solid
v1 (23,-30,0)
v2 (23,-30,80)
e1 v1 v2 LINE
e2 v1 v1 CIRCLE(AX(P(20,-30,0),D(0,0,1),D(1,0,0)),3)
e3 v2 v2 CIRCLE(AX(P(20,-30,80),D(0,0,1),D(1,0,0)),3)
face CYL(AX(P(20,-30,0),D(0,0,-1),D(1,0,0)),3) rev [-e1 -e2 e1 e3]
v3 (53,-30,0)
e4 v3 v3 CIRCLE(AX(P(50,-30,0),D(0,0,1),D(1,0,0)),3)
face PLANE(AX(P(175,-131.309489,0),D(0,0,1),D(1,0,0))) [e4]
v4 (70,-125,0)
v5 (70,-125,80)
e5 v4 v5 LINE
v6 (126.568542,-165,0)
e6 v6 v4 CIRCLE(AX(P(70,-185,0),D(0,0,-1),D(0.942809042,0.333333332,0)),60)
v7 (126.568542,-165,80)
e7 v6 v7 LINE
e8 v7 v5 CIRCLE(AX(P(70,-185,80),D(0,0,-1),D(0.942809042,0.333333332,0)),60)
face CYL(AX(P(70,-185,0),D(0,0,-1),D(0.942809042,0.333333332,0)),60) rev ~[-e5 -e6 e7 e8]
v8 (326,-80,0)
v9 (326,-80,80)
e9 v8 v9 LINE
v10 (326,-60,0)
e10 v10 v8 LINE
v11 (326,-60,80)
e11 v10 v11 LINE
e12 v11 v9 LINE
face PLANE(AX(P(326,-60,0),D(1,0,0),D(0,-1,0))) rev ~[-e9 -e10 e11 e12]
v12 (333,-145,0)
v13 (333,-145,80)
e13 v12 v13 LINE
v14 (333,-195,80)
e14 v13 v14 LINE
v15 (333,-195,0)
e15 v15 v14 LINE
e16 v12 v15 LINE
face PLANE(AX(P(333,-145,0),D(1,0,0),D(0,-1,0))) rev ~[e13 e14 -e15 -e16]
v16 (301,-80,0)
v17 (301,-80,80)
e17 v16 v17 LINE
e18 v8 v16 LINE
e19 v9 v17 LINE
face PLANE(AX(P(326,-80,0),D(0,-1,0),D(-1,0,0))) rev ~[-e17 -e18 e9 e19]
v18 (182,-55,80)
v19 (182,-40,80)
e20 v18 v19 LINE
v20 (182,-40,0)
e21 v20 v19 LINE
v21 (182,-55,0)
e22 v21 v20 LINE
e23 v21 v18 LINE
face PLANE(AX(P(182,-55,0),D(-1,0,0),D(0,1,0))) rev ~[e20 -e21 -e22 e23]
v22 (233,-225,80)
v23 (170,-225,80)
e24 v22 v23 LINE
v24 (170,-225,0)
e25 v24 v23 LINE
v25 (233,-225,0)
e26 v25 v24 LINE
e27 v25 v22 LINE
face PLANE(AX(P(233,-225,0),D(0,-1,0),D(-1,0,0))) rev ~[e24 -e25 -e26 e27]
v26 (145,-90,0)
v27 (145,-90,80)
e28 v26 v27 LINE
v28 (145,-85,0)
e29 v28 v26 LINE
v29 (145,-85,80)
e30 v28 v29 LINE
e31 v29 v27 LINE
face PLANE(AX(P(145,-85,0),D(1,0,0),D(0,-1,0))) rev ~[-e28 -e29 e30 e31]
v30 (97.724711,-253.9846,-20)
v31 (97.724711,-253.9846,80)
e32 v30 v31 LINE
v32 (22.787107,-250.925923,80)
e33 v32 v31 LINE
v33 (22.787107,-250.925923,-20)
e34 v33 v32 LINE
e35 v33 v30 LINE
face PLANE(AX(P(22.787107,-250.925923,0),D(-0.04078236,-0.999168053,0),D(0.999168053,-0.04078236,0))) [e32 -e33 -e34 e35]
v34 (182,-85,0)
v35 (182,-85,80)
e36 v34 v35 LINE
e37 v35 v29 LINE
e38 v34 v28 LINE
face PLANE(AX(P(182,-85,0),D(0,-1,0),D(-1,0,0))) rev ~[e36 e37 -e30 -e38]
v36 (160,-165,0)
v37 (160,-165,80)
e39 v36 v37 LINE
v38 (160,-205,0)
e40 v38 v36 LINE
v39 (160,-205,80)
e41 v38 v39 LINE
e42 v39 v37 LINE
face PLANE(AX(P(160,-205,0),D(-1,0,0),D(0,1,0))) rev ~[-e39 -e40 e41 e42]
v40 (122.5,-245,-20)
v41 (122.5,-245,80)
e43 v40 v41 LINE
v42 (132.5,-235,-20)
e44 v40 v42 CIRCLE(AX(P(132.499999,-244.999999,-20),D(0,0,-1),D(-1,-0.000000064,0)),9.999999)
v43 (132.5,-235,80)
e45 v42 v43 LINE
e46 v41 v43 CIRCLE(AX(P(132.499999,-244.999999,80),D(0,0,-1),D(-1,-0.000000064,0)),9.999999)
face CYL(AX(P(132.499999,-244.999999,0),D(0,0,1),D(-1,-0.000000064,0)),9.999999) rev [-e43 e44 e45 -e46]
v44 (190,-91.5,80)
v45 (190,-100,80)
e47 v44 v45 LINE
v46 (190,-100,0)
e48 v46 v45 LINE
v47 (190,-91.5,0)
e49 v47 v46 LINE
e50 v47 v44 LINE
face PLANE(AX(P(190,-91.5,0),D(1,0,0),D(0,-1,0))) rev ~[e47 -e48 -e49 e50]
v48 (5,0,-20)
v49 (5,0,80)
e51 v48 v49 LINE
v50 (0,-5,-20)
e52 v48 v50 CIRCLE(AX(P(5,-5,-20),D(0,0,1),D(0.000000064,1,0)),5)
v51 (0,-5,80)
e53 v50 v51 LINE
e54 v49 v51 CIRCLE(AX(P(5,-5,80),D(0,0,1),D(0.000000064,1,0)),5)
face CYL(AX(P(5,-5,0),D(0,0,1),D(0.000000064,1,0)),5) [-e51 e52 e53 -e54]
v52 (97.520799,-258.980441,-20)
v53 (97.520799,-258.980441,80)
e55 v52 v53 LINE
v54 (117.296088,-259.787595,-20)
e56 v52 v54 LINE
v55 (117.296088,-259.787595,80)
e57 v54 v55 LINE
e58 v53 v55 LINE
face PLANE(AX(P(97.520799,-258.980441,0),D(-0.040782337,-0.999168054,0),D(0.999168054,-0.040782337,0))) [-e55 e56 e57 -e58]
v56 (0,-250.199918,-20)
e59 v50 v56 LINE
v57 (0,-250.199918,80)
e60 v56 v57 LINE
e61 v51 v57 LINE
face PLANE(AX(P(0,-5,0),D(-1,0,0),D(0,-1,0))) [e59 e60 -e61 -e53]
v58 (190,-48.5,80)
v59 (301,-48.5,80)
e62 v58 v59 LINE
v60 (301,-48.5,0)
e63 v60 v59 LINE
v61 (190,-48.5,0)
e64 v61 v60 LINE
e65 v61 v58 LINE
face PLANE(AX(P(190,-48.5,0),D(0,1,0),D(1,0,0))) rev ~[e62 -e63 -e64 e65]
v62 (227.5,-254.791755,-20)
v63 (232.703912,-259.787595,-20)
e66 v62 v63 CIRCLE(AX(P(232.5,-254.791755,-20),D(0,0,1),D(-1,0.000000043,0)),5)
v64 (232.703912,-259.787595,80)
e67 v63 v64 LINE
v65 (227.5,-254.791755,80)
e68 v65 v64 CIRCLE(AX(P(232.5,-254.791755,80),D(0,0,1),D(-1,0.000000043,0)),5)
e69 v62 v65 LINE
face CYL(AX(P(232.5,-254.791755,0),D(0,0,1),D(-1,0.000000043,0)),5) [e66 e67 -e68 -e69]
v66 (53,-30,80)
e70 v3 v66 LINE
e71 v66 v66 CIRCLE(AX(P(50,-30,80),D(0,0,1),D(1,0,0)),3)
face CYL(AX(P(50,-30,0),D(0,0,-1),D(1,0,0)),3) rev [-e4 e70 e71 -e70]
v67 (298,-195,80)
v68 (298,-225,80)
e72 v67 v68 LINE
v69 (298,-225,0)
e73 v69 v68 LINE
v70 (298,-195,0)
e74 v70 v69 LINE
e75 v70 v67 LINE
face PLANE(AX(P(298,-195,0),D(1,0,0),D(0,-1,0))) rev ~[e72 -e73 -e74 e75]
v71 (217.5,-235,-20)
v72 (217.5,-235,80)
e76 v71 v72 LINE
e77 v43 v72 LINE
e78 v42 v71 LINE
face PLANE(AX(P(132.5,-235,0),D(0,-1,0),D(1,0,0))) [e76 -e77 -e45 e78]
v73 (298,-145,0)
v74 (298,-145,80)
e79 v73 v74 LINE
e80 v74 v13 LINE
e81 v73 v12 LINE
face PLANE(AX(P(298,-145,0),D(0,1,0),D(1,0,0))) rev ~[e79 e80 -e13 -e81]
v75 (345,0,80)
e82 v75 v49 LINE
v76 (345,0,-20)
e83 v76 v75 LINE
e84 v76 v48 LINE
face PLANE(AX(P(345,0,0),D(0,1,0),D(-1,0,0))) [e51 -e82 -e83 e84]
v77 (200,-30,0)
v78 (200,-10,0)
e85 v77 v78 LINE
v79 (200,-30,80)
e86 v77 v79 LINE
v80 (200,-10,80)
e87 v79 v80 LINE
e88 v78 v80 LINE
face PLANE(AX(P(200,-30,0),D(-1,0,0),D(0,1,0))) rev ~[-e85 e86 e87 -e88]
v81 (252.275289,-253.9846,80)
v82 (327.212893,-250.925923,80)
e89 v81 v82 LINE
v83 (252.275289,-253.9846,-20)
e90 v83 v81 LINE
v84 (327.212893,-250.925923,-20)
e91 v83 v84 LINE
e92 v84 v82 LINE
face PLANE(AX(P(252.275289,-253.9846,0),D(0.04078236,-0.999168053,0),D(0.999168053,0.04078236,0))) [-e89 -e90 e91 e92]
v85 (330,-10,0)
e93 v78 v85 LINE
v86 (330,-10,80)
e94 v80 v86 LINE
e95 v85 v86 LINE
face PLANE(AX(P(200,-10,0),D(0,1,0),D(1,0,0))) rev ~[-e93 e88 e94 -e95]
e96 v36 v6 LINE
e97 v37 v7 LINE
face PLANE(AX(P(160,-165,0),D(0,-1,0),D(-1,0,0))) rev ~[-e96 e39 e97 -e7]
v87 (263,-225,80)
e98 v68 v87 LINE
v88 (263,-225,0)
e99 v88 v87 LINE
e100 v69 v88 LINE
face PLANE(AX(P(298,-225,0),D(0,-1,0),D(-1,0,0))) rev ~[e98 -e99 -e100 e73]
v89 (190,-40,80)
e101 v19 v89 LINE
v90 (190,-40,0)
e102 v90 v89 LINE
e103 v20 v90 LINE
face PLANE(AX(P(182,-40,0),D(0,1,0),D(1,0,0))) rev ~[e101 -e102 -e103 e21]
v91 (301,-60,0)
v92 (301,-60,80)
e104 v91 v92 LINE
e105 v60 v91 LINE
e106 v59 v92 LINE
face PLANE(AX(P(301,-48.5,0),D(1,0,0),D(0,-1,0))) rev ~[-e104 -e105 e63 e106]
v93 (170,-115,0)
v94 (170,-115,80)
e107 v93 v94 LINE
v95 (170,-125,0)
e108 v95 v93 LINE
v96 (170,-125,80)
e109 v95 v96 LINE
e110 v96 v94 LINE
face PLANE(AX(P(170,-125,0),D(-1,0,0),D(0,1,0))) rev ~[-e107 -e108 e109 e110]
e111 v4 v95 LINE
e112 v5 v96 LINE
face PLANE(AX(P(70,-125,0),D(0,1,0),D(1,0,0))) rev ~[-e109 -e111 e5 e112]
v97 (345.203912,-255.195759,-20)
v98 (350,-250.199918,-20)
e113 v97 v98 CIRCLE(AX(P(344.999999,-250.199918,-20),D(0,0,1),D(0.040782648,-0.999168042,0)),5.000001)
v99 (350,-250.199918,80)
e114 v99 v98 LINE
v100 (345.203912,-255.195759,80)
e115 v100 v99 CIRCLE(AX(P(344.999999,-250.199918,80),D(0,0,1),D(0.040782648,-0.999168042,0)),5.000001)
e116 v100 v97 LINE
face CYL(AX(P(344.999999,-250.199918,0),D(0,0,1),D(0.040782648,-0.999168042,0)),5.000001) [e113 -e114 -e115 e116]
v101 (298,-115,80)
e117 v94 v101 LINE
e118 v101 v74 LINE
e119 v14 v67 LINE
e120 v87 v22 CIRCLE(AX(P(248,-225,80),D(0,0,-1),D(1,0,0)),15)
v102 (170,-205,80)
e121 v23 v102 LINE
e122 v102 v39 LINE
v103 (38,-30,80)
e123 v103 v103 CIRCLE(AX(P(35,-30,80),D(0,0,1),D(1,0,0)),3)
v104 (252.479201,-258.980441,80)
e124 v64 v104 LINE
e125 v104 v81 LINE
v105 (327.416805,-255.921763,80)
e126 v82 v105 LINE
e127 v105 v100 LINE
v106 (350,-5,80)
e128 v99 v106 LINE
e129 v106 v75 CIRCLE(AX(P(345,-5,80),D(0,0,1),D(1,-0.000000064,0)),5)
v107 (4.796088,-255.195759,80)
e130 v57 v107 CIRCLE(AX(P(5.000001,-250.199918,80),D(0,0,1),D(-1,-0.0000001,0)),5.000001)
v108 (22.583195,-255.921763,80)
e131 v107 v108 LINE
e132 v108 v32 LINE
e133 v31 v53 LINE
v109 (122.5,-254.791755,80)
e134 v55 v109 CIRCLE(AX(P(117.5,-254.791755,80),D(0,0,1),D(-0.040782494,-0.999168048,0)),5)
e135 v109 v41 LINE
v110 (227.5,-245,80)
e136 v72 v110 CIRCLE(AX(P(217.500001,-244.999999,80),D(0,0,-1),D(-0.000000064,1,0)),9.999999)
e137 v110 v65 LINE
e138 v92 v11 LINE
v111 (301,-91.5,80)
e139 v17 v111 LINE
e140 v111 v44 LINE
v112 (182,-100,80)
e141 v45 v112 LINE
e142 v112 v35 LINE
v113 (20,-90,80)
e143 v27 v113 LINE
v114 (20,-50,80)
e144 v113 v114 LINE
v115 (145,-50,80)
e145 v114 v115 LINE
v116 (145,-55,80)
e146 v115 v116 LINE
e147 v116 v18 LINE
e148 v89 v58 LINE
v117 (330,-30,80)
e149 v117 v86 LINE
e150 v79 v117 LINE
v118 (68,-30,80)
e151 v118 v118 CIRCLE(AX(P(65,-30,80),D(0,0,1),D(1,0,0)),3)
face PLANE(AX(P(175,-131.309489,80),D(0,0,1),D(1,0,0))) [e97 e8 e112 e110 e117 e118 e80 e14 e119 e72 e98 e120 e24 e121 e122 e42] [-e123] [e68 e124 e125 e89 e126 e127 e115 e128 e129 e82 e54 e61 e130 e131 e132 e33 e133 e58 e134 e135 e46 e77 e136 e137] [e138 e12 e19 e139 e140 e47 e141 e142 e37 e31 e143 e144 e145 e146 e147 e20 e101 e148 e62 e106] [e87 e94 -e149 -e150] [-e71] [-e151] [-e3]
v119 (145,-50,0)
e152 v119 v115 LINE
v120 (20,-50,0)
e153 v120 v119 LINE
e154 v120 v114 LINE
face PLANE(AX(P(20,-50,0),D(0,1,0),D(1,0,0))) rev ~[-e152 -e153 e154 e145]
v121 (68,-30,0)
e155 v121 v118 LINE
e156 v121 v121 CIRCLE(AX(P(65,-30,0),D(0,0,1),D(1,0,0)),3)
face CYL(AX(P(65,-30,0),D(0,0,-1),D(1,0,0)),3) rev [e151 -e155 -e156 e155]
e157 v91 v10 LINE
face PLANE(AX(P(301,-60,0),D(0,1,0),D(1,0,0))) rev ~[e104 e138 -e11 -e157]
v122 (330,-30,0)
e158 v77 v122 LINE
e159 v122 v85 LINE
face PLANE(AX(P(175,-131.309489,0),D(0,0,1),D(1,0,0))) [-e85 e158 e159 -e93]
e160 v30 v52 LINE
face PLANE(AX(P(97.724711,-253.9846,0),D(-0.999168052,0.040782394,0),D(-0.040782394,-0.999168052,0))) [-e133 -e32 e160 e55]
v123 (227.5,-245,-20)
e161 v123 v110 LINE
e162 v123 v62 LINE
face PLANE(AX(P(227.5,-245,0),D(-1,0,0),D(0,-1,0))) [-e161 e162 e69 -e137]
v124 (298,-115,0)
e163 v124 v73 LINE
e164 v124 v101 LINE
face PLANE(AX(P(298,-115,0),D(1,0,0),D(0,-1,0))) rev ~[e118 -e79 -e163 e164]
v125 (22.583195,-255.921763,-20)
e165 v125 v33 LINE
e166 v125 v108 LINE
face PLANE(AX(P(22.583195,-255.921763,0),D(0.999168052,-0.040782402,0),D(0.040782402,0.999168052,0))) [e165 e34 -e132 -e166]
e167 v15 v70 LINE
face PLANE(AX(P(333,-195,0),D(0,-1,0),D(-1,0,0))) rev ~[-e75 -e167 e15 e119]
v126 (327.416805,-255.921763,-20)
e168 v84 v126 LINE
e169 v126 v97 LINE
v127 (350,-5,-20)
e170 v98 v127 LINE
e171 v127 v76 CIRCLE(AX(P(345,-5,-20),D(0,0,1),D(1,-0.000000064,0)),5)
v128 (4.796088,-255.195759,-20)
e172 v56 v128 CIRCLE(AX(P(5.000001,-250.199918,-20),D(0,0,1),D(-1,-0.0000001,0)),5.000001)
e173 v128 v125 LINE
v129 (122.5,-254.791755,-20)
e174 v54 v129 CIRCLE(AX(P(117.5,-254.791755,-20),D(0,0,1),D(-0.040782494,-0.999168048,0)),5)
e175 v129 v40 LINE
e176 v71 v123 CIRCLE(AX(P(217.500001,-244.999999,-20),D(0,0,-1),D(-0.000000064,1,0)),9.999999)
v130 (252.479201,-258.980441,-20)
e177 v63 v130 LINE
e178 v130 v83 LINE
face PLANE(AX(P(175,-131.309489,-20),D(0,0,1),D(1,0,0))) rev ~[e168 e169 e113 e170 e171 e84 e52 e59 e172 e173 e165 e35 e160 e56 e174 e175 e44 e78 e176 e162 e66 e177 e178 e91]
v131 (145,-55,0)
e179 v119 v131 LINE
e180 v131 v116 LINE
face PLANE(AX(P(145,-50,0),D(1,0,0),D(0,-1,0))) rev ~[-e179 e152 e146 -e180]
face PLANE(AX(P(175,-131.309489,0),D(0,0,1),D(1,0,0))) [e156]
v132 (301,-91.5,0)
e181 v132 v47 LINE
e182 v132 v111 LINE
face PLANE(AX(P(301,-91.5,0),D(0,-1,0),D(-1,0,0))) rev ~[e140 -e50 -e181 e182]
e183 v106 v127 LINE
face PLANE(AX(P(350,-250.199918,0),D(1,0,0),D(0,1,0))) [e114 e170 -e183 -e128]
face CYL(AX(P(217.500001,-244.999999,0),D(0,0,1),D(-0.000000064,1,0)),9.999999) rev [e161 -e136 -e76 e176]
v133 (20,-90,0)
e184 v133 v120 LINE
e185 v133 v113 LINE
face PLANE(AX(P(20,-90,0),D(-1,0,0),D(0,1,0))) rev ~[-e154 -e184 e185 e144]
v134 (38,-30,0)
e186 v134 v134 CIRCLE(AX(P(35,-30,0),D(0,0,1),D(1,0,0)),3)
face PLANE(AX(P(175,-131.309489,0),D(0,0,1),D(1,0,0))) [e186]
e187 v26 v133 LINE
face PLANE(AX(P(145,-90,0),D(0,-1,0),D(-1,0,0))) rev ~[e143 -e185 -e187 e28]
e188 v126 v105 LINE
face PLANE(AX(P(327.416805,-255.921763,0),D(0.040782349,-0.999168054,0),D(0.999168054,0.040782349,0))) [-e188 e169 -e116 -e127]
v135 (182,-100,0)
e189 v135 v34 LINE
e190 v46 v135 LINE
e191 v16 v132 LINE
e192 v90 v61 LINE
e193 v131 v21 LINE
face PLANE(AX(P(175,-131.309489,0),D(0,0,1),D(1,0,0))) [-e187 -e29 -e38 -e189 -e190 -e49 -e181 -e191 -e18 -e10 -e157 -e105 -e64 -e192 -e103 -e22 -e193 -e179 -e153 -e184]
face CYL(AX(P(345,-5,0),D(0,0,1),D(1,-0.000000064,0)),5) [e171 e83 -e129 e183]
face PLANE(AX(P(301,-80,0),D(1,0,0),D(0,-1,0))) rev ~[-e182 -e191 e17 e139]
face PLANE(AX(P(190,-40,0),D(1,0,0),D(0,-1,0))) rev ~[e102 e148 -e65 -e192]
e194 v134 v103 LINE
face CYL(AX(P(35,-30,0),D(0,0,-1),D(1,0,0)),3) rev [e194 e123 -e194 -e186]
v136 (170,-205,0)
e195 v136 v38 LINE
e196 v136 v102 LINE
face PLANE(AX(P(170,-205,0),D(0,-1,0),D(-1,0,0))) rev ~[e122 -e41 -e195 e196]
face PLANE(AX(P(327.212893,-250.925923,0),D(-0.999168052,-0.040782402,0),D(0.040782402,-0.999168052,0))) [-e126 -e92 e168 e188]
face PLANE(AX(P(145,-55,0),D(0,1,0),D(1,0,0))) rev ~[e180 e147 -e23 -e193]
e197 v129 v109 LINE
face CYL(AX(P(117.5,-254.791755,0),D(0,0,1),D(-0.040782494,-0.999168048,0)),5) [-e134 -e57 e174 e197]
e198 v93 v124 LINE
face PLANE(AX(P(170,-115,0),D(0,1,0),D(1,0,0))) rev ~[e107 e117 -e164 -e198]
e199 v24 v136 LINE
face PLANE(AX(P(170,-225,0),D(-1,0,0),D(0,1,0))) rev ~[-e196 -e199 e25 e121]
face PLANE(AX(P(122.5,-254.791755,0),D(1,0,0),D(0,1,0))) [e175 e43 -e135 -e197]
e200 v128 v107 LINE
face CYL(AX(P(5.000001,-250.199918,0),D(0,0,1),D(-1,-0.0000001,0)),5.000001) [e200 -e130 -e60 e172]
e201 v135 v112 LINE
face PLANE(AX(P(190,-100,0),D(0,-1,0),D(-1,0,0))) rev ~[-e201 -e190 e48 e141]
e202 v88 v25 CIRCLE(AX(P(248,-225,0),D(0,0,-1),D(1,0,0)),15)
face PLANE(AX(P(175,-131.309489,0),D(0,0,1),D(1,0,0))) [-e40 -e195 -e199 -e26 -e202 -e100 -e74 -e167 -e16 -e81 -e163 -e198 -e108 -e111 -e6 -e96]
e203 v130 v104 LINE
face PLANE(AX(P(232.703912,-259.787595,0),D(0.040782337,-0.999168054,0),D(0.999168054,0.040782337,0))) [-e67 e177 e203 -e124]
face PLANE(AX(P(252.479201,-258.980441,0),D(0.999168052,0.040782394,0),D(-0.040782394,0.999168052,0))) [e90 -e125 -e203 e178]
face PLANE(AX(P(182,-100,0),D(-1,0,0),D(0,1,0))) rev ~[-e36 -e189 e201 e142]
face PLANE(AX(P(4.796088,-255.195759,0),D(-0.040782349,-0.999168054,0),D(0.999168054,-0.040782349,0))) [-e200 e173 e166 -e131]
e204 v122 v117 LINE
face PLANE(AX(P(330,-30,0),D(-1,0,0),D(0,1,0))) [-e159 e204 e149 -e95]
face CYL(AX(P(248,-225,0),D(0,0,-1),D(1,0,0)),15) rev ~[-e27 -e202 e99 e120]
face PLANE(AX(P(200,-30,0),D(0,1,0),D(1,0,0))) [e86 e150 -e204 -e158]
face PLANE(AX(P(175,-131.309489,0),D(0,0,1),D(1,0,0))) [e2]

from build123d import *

# Parameters (mm, degrees)
F0_R     = 3
F0_W     = 130
F0_H     = 20
F1_DEPTH = 80
F2_DEPTH = 20


with BuildPart() as f1:
    # F0 (on Top) → F1 (new body)
    with BuildSketch(Plane.XY):
        with BuildLine():
            ThreePointArc((350, -5), (348.535534, -1.464466), (345, 0))
            Line((345, 0), (5, 0))
            ThreePointArc((5, 0), (1.464466, -1.464466), (0, -5))
            Line((0, -5), (0, -250.199918))
            ThreePointArc((0, -250.199918), (1.393093, -253.662608), (4.796088, -255.195759))
            Line((4.796088, -255.195759), (22.583195, -255.921763))
            Line((22.583195, -255.921763), (22.787107, -250.925923))
            Line((22.787107, -250.925923), (97.724711, -253.9846))
            Line((97.724711, -253.9846), (97.520799, -258.980441))
            Line((97.520799, -258.980441), (117.296088, -259.787595))
            ThreePointArc((117.296088, -259.787595), (120.96269, -258.398662), (122.5, -254.791755))
            Line((122.5, -254.791755), (122.5, -245))
            ThreePointArc((122.5, -245), (125.428932, -237.928932), (132.5, -235))
            Line((132.5, -235), (217.5, -235))
            ThreePointArc((217.5, -235), (224.571068, -237.928932), (227.5, -245))
            Line((227.5, -245), (227.5, -254.791755))
            ThreePointArc((227.5, -254.791755), (229.03731, -258.398662), (232.703912, -259.787595))
            Line((232.703912, -259.787595), (252.479201, -258.980441))
            Line((252.479201, -258.980441), (252.275289, -253.9846))
            Line((252.275289, -253.9846), (327.212893, -250.925923))
            Line((327.212893, -250.925923), (327.416805, -255.921763))
            Line((327.416805, -255.921763), (345.203912, -255.195759))
            ThreePointArc((345.203912, -255.195759), (348.606907, -253.662608), (350, -250.199918))
            Line((350, -250.199918), (350, -5))
        make_face()
        with BuildLine():
            Line((170, -125), (170, -115))
            Line((170, -115), (298, -115))
            Line((298, -115), (298, -145))
            Line((298, -145), (333, -145))
            Line((333, -145), (333, -195))
            Line((333, -195), (298, -195))
            Line((298, -195), (298, -225))
            Line((298, -225), (263, -225))
            ThreePointArc((263, -225), (248, -240), (233, -225))
            Line((233, -225), (170, -225))
            Line((170, -225), (170, -205))
            Line((170, -205), (160, -205))
            Line((160, -205), (160, -165))
            Line((160, -165), (126.568542, -165))
            ThreePointArc((126.568542, -165), (35.358984, -233.989795), (70, -125))
            Line((70, -125), (170, -125))
        make_face(mode=Mode.SUBTRACT)
        Polygon((20, -90), (20, -50), (145, -50), (145, -55), (182, -55), (182, -40), (190, -40), (190, -48.5), (301, -48.5), (301, -60), (326, -60), (326, -80), (301, -80), (301, -91.5), (190, -91.5), (190, -100), (182, -100), (182, -85), (145, -85), (145, -90), align=None, mode=Mode.SUBTRACT)
        with Locations((20, -30)):
            Circle(F0_R, mode=Mode.SUBTRACT)
        with Locations((35, -30)):
            Circle(F0_R, mode=Mode.SUBTRACT)
        with Locations((50, -30)):
            Circle(F0_R, mode=Mode.SUBTRACT)
        with Locations((65, -30)):
            Circle(F0_R, mode=Mode.SUBTRACT)
        with Locations((265, -20)):
            Rectangle(F0_W, F0_H, mode=Mode.SUBTRACT)
    extrude(amount=F1_DEPTH)

    # F0 (on Top) → F2 (join)
    with BuildSketch(Plane.XY):
        with BuildLine():
            ThreePointArc((350, -5), (348.535534, -1.464466), (345, 0))
            Line((345, 0), (5, 0))
            ThreePointArc((5, 0), (1.464466, -1.464466), (0, -5))
            Line((0, -5), (0, -250.199918))
            ThreePointArc((0, -250.199918), (1.393093, -253.662608), (4.796088, -255.195759))
            Line((4.796088, -255.195759), (22.583195, -255.921763))
            Line((22.583195, -255.921763), (22.787107, -250.925923))
            Line((22.787107, -250.925923), (97.724711, -253.9846))
            Line((97.724711, -253.9846), (97.520799, -258.980441))
            Line((97.520799, -258.980441), (117.296088, -259.787595))
            ThreePointArc((117.296088, -259.787595), (120.96269, -258.398662), (122.5, -254.791755))
            Line((122.5, -254.791755), (122.5, -245))
            ThreePointArc((122.5, -245), (125.428932, -237.928932), (132.5, -235))
            Line((132.5, -235), (217.5, -235))
            ThreePointArc((217.5, -235), (224.571068, -237.928932), (227.5, -245))
            Line((227.5, -245), (227.5, -254.791755))
            ThreePointArc((227.5, -254.791755), (229.03731, -258.398662), (232.703912, -259.787595))
            Line((232.703912, -259.787595), (252.479201, -258.980441))
            Line((252.479201, -258.980441), (252.275289, -253.9846))
            Line((252.275289, -253.9846), (327.212893, -250.925923))
            Line((327.212893, -250.925923), (327.416805, -255.921763))
            Line((327.416805, -255.921763), (345.203912, -255.195759))
            ThreePointArc((345.203912, -255.195759), (348.606907, -253.662608), (350, -250.199918))
            Line((350, -250.199918), (350, -5))
        make_face()
        with BuildLine():
            Line((170, -125), (170, -115))
            Line((170, -115), (298, -115))
            Line((298, -115), (298, -145))
            Line((298, -145), (333, -145))
            Line((333, -145), (333, -195))
            Line((333, -195), (298, -195))
            Line((298, -195), (298, -225))
            Line((298, -225), (263, -225))
            ThreePointArc((263, -225), (248, -240), (233, -225))
            Line((233, -225), (170, -225))
            Line((170, -225), (170, -205))
            Line((170, -205), (160, -205))
            Line((160, -205), (160, -165))
            Line((160, -165), (126.568542, -165))
            ThreePointArc((126.568542, -165), (35.358984, -233.989795), (70, -125))
            Line((70, -125), (170, -125))
        make_face(mode=Mode.SUBTRACT)
        Polygon((20, -90), (20, -50), (145, -50), (145, -55), (182, -55), (182, -40), (190, -40), (190, -48.5), (301, -48.5), (301, -60), (326, -60), (326, -80), (301, -80), (301, -91.5), (190, -91.5), (190, -100), (182, -100), (182, -85), (145, -85), (145, -90), align=None, mode=Mode.SUBTRACT)
        with Locations((20, -30)):
            Circle(F0_R, mode=Mode.SUBTRACT)
        with Locations((35, -30)):
            Circle(F0_R, mode=Mode.SUBTRACT)
        with Locations((50, -30)):
            Circle(F0_R, mode=Mode.SUBTRACT)
        with Locations((65, -30)):
            Circle(F0_R, mode=Mode.SUBTRACT)
        with Locations((265, -20)):
            Rectangle(F0_W, F0_H, mode=Mode.SUBTRACT)
        with BuildLine():
            Line((298, -115), (170, -115))
            Line((170, -115), (170, -125))
            Line((170, -125), (70, -125))
            ThreePointArc((70, -125), (35.358984, -233.989795), (126.568542, -165))
            Line((126.568542, -165), (160, -165))
            Line((160, -165), (160, -205))
            Line((160, -205), (170, -205))
            Line((170, -205), (170, -225))
            Line((170, -225), (233, -225))
            ThreePointArc((233, -225), (248, -240), (263, -225))
            Line((263, -225), (298, -225))
            Line((298, -225), (298, -195))
            Line((298, -195), (333, -195))
            Line((333, -195), (333, -145))
            Line((333, -145), (298, -145))
            Line((298, -145), (298, -115))
        make_face()
        Polygon((145, -50), (20, -50), (20, -90), (145, -90), (145, -85), (182, -85), (182, -100), (190, -100), (190, -91.5), (301, -91.5), (301, -80), (326, -80), (326, -60), (301, -60), (301, -48.5), (190, -48.5), (190, -40), (182, -40), (182, -55), (145, -55), align=None)
        with Locations((265, -20)):
            Rectangle(F0_W, F0_H)
        with Locations((65, -30)):
            Circle(F0_R)
        with Locations((50, -30)):
            Circle(F0_R)
        with Locations((35, -30)):
            Circle(F0_R)
        with Locations((20, -30)):
            Circle(F0_R)
    extrude(amount=-F2_DEPTH)


solid = f1.part
